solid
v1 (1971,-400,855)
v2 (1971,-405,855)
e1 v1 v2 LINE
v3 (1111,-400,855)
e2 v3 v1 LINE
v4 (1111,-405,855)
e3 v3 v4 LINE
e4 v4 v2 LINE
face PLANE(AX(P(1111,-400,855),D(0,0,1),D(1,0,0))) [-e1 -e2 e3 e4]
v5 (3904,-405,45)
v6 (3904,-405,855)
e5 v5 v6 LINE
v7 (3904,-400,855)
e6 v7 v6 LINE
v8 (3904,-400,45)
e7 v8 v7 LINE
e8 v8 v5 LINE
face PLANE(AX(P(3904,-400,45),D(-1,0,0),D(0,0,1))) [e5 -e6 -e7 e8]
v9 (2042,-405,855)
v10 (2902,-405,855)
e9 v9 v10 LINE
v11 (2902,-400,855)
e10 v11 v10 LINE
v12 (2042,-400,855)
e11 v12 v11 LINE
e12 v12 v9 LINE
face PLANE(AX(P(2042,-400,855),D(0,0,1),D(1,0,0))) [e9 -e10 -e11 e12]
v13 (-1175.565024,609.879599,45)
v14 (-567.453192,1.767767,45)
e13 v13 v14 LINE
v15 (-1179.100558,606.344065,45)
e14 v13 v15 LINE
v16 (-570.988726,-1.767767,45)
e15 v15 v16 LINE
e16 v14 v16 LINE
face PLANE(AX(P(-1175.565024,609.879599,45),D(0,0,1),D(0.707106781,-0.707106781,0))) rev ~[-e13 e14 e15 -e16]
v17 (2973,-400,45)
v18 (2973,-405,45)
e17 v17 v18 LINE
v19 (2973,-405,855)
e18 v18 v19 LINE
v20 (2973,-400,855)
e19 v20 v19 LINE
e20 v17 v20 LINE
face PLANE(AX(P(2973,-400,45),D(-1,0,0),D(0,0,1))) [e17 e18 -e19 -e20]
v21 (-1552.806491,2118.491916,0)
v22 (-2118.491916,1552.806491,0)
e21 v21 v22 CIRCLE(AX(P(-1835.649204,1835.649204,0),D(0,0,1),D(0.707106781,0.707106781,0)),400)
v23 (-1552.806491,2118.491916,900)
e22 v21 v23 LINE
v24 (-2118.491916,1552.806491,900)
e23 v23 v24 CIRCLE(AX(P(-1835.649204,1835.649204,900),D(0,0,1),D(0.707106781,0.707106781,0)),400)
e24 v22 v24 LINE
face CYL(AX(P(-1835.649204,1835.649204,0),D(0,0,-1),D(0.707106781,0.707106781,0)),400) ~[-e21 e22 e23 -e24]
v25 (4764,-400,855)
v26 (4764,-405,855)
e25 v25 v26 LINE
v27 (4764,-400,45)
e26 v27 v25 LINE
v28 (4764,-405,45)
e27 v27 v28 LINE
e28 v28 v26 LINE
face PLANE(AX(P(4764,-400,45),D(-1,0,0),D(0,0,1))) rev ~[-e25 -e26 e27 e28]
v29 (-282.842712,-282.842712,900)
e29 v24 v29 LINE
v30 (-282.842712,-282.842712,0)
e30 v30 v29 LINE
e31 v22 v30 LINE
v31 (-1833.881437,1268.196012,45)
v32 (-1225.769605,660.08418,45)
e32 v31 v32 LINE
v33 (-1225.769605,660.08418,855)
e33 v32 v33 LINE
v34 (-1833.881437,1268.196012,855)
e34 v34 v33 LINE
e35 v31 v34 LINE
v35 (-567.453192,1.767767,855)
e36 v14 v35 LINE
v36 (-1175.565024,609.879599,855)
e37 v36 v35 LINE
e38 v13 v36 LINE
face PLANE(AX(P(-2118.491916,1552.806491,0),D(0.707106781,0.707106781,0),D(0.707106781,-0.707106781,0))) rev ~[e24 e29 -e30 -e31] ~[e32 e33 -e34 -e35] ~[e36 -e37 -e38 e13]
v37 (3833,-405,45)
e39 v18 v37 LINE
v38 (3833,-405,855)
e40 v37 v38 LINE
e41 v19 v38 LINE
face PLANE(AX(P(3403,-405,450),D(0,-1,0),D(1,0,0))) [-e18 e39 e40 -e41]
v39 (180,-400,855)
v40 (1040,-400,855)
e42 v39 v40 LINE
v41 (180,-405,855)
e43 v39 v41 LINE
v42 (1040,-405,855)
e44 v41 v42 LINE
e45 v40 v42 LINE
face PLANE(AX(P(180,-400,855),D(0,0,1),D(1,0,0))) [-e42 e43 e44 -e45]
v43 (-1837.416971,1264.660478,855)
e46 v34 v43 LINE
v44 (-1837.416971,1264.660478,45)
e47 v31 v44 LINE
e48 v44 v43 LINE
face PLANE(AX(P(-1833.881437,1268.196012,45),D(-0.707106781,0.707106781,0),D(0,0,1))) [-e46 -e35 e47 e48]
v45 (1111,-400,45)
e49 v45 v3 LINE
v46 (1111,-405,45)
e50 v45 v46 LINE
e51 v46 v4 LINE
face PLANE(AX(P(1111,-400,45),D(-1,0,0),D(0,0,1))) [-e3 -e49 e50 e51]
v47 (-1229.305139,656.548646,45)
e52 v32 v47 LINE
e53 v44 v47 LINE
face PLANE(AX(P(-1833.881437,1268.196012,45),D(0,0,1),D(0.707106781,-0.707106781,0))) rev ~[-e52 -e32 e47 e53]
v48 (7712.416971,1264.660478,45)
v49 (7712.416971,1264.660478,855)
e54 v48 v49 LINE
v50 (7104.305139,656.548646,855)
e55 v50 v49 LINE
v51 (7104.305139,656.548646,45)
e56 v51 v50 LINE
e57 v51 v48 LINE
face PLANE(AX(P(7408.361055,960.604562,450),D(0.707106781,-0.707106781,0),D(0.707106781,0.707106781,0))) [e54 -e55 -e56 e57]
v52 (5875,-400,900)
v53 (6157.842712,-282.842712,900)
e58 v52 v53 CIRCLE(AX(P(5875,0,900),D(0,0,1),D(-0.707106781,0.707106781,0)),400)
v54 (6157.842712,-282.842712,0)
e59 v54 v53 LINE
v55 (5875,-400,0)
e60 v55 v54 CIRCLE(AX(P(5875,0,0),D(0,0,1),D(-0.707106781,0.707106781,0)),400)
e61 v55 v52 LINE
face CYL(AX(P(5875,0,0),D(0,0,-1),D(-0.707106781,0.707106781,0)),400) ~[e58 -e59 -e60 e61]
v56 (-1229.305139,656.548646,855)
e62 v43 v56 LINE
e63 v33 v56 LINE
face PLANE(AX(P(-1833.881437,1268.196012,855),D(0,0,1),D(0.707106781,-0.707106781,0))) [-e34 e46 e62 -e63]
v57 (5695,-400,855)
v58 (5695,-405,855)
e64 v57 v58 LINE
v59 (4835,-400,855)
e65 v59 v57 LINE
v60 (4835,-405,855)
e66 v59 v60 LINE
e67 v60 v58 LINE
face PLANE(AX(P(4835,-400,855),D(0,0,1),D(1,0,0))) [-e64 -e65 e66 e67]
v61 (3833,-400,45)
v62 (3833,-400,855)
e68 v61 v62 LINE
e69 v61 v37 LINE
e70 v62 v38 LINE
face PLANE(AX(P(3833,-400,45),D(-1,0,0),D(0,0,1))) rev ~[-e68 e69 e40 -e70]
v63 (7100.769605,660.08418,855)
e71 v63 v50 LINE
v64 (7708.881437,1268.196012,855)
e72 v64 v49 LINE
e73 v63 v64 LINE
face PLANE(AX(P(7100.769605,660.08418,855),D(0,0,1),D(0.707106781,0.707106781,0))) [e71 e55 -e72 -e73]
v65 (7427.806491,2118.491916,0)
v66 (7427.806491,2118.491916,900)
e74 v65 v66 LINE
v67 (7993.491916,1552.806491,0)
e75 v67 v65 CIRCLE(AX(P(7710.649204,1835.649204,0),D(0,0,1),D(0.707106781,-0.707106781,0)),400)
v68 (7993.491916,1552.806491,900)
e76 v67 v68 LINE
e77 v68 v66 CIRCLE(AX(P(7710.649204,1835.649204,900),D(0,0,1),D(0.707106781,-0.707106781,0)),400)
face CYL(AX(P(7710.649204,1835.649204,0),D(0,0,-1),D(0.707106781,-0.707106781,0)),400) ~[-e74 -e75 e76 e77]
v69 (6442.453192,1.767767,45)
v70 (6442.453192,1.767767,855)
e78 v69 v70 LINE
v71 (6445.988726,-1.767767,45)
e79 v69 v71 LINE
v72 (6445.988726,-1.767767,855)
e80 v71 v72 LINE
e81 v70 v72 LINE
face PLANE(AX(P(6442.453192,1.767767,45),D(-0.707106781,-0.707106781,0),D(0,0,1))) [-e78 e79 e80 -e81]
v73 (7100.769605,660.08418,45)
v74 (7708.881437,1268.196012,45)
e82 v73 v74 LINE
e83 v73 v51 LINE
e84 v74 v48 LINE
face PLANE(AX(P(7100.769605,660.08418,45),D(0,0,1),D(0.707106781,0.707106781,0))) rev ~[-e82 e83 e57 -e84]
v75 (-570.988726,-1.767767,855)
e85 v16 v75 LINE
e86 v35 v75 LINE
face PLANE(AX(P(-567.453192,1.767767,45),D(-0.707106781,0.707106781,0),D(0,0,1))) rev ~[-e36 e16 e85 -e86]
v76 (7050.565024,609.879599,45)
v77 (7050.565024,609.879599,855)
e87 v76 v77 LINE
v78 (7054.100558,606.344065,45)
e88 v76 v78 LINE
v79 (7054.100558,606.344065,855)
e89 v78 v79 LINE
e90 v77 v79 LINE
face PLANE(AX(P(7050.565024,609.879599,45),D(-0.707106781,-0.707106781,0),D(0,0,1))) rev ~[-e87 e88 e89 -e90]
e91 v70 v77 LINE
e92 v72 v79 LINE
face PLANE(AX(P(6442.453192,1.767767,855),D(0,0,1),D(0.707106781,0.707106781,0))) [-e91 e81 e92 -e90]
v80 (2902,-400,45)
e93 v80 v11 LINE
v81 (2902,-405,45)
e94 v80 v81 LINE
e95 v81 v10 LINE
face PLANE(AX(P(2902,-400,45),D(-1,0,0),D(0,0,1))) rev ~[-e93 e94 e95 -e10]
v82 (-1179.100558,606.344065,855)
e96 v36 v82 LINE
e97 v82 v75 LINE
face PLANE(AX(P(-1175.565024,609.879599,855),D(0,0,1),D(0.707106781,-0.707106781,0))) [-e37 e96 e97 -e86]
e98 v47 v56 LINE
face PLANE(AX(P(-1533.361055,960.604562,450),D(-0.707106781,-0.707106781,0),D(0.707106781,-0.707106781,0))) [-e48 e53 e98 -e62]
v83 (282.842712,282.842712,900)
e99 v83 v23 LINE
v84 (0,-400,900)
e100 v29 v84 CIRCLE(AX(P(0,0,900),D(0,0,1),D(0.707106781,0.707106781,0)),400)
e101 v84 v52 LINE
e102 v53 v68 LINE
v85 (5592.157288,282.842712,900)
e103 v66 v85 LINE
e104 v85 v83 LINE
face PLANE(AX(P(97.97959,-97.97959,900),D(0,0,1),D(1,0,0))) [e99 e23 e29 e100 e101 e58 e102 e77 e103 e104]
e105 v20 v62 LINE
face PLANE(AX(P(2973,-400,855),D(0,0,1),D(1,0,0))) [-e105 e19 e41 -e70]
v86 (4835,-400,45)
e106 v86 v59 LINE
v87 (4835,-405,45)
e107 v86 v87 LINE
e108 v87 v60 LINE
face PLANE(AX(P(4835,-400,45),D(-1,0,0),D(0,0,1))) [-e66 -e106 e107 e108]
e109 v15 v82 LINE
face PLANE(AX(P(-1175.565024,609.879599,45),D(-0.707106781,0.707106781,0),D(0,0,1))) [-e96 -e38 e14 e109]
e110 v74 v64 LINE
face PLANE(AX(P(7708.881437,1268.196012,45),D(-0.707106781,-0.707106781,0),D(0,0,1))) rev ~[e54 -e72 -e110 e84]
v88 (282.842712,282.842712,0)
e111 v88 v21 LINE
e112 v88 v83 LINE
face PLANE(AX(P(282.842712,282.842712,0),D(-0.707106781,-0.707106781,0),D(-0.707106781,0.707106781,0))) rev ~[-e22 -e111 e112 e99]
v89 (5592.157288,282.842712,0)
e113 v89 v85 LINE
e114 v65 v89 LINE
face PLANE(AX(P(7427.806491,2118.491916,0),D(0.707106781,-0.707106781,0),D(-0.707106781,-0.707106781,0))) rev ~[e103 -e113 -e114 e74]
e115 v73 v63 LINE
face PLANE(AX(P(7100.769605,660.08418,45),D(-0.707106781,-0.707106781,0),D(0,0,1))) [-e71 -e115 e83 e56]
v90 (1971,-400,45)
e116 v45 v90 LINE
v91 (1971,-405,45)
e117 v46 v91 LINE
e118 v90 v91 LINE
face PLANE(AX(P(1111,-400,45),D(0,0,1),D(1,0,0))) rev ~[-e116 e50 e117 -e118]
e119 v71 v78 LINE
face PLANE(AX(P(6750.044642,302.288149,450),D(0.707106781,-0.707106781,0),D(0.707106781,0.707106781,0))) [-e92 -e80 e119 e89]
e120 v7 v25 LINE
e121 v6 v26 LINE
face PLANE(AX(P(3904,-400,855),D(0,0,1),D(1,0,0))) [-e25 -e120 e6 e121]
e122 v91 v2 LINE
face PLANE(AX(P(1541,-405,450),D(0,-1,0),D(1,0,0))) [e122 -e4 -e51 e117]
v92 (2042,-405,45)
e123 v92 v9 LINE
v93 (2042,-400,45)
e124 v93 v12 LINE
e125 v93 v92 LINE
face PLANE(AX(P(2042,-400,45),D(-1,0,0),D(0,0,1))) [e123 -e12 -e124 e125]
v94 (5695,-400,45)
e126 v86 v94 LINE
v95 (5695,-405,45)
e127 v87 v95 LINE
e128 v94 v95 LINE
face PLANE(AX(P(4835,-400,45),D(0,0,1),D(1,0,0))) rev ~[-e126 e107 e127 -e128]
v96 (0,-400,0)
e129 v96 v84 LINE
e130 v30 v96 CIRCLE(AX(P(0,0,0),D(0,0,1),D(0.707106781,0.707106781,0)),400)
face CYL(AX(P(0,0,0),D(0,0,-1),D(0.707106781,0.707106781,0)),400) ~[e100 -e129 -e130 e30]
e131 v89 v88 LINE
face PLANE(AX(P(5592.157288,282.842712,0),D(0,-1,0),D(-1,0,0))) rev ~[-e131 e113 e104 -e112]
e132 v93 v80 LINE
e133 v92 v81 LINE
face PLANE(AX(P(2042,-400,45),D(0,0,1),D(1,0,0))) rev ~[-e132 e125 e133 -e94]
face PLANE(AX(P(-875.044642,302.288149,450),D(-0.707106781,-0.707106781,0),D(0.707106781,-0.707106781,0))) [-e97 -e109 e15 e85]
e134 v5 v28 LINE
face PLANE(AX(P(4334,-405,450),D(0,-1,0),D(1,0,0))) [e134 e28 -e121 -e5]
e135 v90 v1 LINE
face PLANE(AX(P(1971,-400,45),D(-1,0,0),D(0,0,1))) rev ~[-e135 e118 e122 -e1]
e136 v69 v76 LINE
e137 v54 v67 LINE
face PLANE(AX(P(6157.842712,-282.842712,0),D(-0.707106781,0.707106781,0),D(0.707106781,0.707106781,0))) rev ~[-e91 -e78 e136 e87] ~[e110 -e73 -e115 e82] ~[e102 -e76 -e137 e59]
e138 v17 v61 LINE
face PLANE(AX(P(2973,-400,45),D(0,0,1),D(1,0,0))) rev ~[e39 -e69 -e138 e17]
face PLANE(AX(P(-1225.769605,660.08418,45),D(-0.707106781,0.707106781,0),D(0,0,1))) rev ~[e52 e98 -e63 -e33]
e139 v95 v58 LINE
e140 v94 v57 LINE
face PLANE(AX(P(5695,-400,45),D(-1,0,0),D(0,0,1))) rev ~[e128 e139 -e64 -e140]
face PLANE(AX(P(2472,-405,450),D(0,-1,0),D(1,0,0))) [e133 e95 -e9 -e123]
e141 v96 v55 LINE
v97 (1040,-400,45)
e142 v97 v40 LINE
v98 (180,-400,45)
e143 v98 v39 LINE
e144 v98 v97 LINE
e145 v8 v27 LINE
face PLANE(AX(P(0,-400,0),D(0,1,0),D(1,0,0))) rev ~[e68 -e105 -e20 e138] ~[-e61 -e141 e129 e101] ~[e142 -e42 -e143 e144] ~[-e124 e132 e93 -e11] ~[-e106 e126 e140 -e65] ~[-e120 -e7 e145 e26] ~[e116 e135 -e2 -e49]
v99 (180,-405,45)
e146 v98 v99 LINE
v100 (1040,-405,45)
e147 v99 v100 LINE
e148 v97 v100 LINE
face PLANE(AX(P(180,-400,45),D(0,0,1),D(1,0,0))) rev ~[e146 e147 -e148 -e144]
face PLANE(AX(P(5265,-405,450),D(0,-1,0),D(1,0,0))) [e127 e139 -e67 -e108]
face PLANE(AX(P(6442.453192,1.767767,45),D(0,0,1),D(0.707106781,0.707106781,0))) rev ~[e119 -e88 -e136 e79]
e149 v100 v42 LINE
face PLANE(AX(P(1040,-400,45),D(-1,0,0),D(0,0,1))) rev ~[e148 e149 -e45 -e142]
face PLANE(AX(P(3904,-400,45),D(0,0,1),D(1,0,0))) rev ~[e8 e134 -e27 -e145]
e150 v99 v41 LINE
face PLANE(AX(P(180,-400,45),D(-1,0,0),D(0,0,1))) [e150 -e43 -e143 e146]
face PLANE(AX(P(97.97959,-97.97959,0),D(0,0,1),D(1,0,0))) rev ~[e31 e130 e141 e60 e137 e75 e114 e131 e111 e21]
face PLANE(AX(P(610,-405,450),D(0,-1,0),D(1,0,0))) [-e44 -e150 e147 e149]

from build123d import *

# Parameters (mm, degrees)
F1_DEPTH = 900
F2_W     = 860
F2_H     = 810
F3_DEPTH = 5
F4_W     = 860
F4_H     = 810
F5_DEPTH = 5
F6_W     = 860
F6_H     = 810
F7_DEPTH = 5


with BuildPart() as f1:
    # F0 (on Top) → F1 (new body)
    with BuildSketch(Plane.XY):
        with BuildLine():
            ThreePointArc((0, -400), (282.8427124746, -282.8427124746), (400, 0))
            ThreePointArc((400, 0), (369.5518130045, 153.073372946), (282.8427124746, 282.8427124746))
            Line((282.8427124746, 282.8427124746), (-282.8427124746, -282.8427124746))
            ThreePointArc((-282.8427124746, -282.8427124746), (-153.073372946, -369.5518130045), (0, -400))
        make_face()
        with BuildLine():
            ThreePointArc((282.8427124746, 282.8427124746), (369.5518130045, 153.073372946), (400, 0))
            ThreePointArc((400, 0), (282.8427124746, -282.8427124746), (0, -400))
            Line((0, -400), (5875, -400))
            ThreePointArc((5875, -400), (5505.4481869955, -153.073372946), (5592.1572875254, 282.8427124746))
            Line((5592.1572875254, 282.8427124746), (282.8427124746, 282.8427124746))
        make_face()
        with BuildLine():
            Line((-282.8427124746, -282.8427124746), (282.8427124746, 282.8427124746))
            ThreePointArc((282.8427124746, 282.8427124746), (-282.8427124746, 282.8427124746), (-282.8427124746, -282.8427124746))
        make_face()
        with BuildLine():
            ThreePointArc((-282.8427124746, -282.8427124746), (-282.8427124746, 282.8427124746), (282.8427124746, 282.8427124746))
            Line((282.8427124746, 282.8427124746), (-1552.8064914857, 2118.4919164349))
            ThreePointArc((-1552.8064914857, 2118.4919164349), (-1466.0973909558, 1988.7225769063), (-1435.6492039603, 1835.6492039603))
            ThreePointArc((-1435.6492039603, 1835.6492039603), (-1682.5758310142, 1466.0973909558), (-2118.4919164349, 1552.8064914857))
            Line((-2118.4919164349, 1552.8064914857), (-282.8427124746, -282.8427124746))
        make_face()
        with BuildLine():
            ThreePointArc((-1435.6492039603, 1835.6492039603), (-1466.0973909558, 1988.7225769063), (-1552.8064914857, 2118.4919164349))
            Line((-1552.8064914857, 2118.4919164349), (-1835.6492039603, 1835.6492039603))
            Line((-1835.6492039603, 1835.6492039603), (-2118.4919164349, 1552.8064914857))
            ThreePointArc((-2118.4919164349, 1552.8064914857), (-1682.5758310142, 1466.0973909558), (-1435.6492039603, 1835.6492039603))
        make_face()
        with BuildLine():
            Line((-1835.6492039603, 1835.6492039603), (-1552.8064914857, 2118.4919164349))
            ThreePointArc((-1552.8064914857, 2118.4919164349), (-2118.4919164349, 2118.4919164349), (-2118.4919164349, 1552.8064914857))
            Line((-2118.4919164349, 1552.8064914857), (-1835.6492039603, 1835.6492039603))
        make_face()
        with BuildLine():
            Line((7427.8064914857, 2118.4919164349), (5592.1572875254, 282.8427124746))
            ThreePointArc((5592.1572875254, 282.8427124746), (6028.073372946, 369.5518130045), (6275, 0))
            ThreePointArc((6275, 0), (6244.5518130045, -153.073372946), (6157.8427124746, -282.8427124746))
            Line((6157.8427124746, -282.8427124746), (7993.4919164349, 1552.8064914857))
            ThreePointArc((7993.4919164349, 1552.8064914857), (7427.8064914857, 1552.8064914857), (7427.8064914857, 2118.4919164349))
        make_face()
        with BuildLine():
            Line((5875, 0), (5592.1572875254, 282.8427124746))
            ThreePointArc((5592.1572875254, 282.8427124746), (5505.4481869955, -153.073372946), (5875, -400))
            ThreePointArc((5875, -400), (6028.073372946, -369.5518130045), (6157.8427124746, -282.8427124746))
            Line((6157.8427124746, -282.8427124746), (5875, 0))
        make_face()
        with BuildLine():
            ThreePointArc((6275, 0), (6028.073372946, 369.5518130045), (5592.1572875254, 282.8427124746))
            Line((5592.1572875254, 282.8427124746), (5875, 0))
            Line((5875, 0), (6157.8427124746, -282.8427124746))
            ThreePointArc((6157.8427124746, -282.8427124746), (6244.5518130045, -153.073372946), (6275, 0))
        make_face()
        with BuildLine():
            ThreePointArc((8110.6492039603, 1835.6492039603), (7863.7225769063, 2205.2010169648), (7427.8064914857, 2118.4919164349))
            Line((7427.8064914857, 2118.4919164349), (7710.6492039603, 1835.6492039603))
            Line((7710.6492039603, 1835.6492039603), (7993.4919164349, 1552.8064914857))
            ThreePointArc((7993.4919164349, 1552.8064914857), (8080.2010169648, 1682.5758310142), (8110.6492039603, 1835.6492039603))
        make_face()
        with BuildLine():
            Line((7710.6492039603, 1835.6492039603), (7427.8064914857, 2118.4919164349))
            ThreePointArc((7427.8064914857, 2118.4919164349), (7427.8064914857, 1552.8064914857), (7993.4919164349, 1552.8064914857))
            Line((7993.4919164349, 1552.8064914857), (7710.6492039603, 1835.6492039603))
        make_face()
    extrude(amount=F1_DEPTH)

    # F2 (on face) → F3 (join)
    with BuildSketch(Plane.XZ.offset(400)):
        with Locations((610, 450)):
            Rectangle(F2_W, F2_H)
        with Locations((1541, 450)):
            Rectangle(F2_W, F2_H)
        with Locations((2472, 450)):
            Rectangle(F2_W, F2_H)
        with Locations((3403, 450)):
            Rectangle(F2_W, F2_H)
        with Locations((4334, 450)):
            Rectangle(F2_W, F2_H)
        with Locations((5265, 450)):
            Rectangle(F2_W, F2_H)
    extrude(amount=F3_DEPTH)

    # F4 (on face) → F5 (join)
    with BuildSketch(Plane(origin=(-282.8427124746, -282.8427124746, 0), x_dir=(0.7071067812, -0.7071067812, 0), z_dir=(-0.7071067812, -0.7071067812, 0))):
        with Locations((-1763.5, 450)):
            Rectangle(F4_W, F4_H)
        with Locations((-832.5, 450)):
            Rectangle(F4_W, F4_H)
    extrude(amount=F5_DEPTH)

    # F6 (on face) → F7 (join)
    with BuildSketch(Plane(origin=(3220.3427124746, -3220.3427124746, 0), x_dir=(0.7071067812, 0.7071067812, 0), z_dir=(0.7071067812, -0.7071067812, 0))):
        with Locations((4986.752339471, 450)):
            Rectangle(F6_W, F6_H)
        with Locations((5917.752339471, 450)):
            Rectangle(F6_W, F6_H)
    extrude(amount=F7_DEPTH)


solid = f1.part
